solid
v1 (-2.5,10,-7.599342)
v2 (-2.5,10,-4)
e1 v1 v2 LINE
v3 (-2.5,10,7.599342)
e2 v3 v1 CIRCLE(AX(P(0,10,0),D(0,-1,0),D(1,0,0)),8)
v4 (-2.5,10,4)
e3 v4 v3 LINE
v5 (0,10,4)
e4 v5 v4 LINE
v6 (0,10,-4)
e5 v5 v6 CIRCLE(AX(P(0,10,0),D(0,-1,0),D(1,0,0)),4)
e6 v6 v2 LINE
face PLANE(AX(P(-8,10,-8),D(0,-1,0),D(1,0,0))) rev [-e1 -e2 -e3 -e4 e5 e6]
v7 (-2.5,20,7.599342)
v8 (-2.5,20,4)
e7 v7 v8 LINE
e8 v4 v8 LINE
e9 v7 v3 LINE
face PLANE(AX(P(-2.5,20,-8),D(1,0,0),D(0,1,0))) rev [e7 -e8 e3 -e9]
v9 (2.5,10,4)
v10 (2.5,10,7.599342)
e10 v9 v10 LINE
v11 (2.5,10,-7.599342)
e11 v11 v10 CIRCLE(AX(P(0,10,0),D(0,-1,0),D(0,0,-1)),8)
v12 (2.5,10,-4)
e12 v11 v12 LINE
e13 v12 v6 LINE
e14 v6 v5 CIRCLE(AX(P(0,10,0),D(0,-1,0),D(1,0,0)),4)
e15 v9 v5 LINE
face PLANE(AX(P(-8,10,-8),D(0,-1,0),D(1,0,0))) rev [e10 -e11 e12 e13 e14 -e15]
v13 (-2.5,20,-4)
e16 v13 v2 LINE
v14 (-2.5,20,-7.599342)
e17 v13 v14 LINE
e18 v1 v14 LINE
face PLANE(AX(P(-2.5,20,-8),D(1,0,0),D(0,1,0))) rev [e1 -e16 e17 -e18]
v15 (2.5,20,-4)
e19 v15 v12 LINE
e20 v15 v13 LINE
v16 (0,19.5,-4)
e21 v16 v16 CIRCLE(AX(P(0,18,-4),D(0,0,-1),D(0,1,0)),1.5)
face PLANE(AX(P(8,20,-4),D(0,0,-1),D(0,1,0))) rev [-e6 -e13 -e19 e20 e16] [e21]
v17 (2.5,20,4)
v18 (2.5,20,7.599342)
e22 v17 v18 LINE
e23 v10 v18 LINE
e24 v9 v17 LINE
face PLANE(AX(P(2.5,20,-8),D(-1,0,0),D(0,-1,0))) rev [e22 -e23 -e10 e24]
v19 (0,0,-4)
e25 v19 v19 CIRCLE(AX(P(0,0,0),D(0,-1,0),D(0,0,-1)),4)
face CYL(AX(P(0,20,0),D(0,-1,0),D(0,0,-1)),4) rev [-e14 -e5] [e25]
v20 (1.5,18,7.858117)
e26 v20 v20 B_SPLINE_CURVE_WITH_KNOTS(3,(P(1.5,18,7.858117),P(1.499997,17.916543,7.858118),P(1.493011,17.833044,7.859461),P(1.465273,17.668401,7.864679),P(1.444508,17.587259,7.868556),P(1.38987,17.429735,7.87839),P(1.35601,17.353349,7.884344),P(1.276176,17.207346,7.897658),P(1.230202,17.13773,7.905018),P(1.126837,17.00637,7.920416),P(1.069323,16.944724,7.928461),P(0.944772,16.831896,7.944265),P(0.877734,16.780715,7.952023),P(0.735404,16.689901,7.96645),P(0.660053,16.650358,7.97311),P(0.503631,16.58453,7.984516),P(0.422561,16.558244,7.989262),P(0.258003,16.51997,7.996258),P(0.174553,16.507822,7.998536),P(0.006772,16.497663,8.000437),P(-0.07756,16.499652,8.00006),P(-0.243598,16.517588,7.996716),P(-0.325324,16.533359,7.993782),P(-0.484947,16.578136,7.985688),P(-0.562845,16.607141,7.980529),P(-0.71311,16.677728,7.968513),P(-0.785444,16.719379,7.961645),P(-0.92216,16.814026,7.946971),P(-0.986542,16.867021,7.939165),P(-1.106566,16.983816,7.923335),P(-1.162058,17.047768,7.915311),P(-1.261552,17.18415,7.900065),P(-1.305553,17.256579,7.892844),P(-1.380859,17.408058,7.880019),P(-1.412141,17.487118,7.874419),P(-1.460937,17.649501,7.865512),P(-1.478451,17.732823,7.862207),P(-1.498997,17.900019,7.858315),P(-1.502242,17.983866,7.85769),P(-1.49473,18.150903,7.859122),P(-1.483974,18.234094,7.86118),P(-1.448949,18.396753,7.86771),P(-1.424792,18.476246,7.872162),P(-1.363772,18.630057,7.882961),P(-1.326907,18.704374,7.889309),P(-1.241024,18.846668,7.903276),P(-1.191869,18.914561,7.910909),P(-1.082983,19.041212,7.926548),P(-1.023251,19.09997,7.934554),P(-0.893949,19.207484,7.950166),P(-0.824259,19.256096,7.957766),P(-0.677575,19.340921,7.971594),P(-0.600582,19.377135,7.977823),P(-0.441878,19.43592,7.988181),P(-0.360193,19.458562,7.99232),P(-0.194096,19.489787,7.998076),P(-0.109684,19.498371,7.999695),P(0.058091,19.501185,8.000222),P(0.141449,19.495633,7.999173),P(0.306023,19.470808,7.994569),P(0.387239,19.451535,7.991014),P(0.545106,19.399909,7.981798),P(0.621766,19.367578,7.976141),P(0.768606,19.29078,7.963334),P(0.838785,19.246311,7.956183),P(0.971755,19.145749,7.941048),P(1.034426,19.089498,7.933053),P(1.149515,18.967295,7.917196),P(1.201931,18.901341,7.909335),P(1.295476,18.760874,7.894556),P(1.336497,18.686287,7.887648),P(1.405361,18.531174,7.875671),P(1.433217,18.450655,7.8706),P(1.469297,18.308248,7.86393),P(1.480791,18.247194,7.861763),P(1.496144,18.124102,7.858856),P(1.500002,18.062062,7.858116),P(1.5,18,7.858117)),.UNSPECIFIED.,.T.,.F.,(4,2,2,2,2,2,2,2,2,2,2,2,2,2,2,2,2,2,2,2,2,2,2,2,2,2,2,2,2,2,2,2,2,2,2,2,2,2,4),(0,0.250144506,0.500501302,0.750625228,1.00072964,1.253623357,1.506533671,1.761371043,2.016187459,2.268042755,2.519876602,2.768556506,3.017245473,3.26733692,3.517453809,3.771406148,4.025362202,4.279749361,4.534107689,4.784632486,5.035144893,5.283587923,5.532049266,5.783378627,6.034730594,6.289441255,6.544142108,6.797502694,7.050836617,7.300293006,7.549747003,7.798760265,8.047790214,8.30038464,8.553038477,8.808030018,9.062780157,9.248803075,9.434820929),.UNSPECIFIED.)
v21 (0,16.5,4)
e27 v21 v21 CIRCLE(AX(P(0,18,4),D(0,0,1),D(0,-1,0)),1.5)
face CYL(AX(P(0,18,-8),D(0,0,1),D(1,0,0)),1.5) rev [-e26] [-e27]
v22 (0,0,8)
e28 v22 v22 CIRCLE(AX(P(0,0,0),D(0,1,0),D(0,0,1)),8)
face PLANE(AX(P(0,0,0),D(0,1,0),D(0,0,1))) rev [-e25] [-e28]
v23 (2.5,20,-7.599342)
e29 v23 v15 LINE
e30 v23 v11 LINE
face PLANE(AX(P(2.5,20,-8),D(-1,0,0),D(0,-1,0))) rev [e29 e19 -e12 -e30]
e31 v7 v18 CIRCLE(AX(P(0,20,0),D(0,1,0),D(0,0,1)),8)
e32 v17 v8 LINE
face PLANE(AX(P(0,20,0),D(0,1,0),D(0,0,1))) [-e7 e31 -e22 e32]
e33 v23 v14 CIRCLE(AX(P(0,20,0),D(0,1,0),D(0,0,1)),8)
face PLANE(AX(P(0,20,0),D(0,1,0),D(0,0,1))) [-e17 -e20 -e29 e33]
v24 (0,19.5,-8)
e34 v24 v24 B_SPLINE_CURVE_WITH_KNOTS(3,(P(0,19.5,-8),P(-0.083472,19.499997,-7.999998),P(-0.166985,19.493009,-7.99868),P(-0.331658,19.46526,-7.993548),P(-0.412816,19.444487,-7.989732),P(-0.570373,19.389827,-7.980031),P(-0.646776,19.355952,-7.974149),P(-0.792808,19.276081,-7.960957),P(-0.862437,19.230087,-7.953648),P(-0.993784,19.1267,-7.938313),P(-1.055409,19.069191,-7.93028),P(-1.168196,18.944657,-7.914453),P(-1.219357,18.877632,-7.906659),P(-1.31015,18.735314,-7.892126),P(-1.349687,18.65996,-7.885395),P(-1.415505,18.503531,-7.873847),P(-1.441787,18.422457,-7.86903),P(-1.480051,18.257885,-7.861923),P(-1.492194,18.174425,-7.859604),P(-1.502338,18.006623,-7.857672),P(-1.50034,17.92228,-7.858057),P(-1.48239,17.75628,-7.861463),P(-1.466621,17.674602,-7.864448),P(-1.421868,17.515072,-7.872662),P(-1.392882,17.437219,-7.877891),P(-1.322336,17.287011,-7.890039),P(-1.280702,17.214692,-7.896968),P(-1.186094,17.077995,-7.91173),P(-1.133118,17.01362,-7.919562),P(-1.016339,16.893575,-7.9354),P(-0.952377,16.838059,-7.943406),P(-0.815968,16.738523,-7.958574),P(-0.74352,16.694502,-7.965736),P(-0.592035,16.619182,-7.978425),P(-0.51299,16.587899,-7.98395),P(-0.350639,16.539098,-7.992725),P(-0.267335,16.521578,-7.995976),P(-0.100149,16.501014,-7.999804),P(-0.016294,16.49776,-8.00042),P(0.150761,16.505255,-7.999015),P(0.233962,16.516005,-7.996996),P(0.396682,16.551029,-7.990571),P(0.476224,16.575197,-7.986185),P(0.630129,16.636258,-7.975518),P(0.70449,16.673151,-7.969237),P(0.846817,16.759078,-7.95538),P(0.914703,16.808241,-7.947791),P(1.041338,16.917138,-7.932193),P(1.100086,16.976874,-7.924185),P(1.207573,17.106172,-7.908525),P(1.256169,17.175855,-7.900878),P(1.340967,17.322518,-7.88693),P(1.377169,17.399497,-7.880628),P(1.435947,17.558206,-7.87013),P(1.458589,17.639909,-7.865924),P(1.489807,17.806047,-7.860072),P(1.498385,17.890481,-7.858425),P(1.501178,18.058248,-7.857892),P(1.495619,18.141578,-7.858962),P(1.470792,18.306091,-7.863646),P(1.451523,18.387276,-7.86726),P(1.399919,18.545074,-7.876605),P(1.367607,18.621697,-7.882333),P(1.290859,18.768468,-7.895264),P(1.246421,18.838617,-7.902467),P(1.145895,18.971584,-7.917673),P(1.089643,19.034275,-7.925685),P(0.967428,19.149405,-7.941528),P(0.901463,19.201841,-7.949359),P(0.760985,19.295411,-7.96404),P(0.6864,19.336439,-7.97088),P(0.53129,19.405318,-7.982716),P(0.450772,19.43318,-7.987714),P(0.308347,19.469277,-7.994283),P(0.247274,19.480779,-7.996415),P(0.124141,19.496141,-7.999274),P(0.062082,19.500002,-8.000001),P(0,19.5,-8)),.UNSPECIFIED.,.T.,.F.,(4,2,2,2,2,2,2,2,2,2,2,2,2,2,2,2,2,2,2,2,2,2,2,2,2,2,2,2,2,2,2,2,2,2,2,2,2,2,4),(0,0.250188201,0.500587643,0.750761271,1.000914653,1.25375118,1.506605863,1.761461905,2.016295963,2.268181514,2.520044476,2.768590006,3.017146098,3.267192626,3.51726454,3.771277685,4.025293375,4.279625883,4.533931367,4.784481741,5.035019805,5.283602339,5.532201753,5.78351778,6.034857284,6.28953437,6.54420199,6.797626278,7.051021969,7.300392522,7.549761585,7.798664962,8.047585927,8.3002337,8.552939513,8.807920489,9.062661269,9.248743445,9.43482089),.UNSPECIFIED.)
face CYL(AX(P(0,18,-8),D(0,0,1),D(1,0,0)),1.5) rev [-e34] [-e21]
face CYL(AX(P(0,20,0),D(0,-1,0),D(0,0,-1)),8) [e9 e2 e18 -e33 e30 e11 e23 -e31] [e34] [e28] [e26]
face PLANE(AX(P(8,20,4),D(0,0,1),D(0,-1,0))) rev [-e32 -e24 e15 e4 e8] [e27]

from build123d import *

# Parameters (mm, degrees)
SKETCH_1_R               = 8
EXTRUDE_1_DEPTH          = 20
CUT_EXTRUDE_1_DEPTH      = 23.978250586
CUT_EXTRUDE_1_DEPTH_BACK = 23.978250586
SKETCH_2_W               = 5.5
SKETCH_2_H               = 10
CUT_EXTRUDE_2_DEPTH      = 24.963513933
CUT_EXTRUDE_2_DEPTH_BACK = 24.963513933
SKETCH_3_W               = 8
SKETCH_3_H               = 10
CUT_EXTRUDE_3_DEPTH      = 23.978250586
CUT_EXTRUDE_3_DEPTH_BACK = 23.978250586
SKETCH_4_R               = 1.5
CUT_EXTRUDE_4_DEPTH      = 23.978250743
CUT_EXTRUDE_4_DEPTH_BACK = 23.978250743
SKETCH_5_R               = 4


with BuildPart() as part:
    # 草图1 → 凸台-拉伸1 (new body)
    with BuildSketch(Plane(origin=(0, 0, 0), x_dir=(1, 0, 0), z_dir=(0, 1, 0))):
        with Locations(Location((0, 0, 0), (0, 0, 270))):
            Circle(SKETCH_1_R)
    extrude(amount=EXTRUDE_1_DEPTH)

    # 草图2 → 切除-拉伸1 (cut, two sides: drawn at the far end of the back side and taken through both)
    with BuildSketch(Plane.XY.offset(-CUT_EXTRUDE_1_DEPTH_BACK)):
        with Locations((-5.25, 15)):
            Rectangle(SKETCH_2_W, SKETCH_2_H)
        with Locations((5.25, 15)):
            Rectangle(SKETCH_2_W, SKETCH_2_H)
    extrude(amount=CUT_EXTRUDE_1_DEPTH + CUT_EXTRUDE_1_DEPTH_BACK, mode=Mode.SUBTRACT)

    # 草图3 → 切除-拉伸2 (cut, two sides: drawn at the far end of the back side and taken through both)
    with BuildSketch(Plane.ZY.offset(2.5).offset(-CUT_EXTRUDE_2_DEPTH_BACK)):
        with Locations((0, 15)):
            Rectangle(SKETCH_3_W, SKETCH_3_H)
    extrude(amount=CUT_EXTRUDE_2_DEPTH + CUT_EXTRUDE_2_DEPTH_BACK, mode=Mode.SUBTRACT)

    # 草图4 → 切除-拉伸3 (cut, two sides: drawn at the far end of the back side and taken through both)
    with BuildSketch(Plane.XY.offset(-CUT_EXTRUDE_3_DEPTH_BACK)):
        with Locations((0, 18)):
            Circle(SKETCH_4_R)
    extrude(amount=CUT_EXTRUDE_3_DEPTH + CUT_EXTRUDE_3_DEPTH_BACK, mode=Mode.SUBTRACT)

    # 草图5 → 切除-拉伸4 (cut, two sides: drawn at the far end of the back side and taken through both)
    with BuildSketch(Plane.XZ.offset(-CUT_EXTRUDE_4_DEPTH_BACK)):
        with Locations(Location((0, 0, 0), (0, 0, 270))):
            Circle(SKETCH_5_R)
    extrude(amount=CUT_EXTRUDE_4_DEPTH + CUT_EXTRUDE_4_DEPTH_BACK, mode=Mode.SUBTRACT)


solid = part.part
